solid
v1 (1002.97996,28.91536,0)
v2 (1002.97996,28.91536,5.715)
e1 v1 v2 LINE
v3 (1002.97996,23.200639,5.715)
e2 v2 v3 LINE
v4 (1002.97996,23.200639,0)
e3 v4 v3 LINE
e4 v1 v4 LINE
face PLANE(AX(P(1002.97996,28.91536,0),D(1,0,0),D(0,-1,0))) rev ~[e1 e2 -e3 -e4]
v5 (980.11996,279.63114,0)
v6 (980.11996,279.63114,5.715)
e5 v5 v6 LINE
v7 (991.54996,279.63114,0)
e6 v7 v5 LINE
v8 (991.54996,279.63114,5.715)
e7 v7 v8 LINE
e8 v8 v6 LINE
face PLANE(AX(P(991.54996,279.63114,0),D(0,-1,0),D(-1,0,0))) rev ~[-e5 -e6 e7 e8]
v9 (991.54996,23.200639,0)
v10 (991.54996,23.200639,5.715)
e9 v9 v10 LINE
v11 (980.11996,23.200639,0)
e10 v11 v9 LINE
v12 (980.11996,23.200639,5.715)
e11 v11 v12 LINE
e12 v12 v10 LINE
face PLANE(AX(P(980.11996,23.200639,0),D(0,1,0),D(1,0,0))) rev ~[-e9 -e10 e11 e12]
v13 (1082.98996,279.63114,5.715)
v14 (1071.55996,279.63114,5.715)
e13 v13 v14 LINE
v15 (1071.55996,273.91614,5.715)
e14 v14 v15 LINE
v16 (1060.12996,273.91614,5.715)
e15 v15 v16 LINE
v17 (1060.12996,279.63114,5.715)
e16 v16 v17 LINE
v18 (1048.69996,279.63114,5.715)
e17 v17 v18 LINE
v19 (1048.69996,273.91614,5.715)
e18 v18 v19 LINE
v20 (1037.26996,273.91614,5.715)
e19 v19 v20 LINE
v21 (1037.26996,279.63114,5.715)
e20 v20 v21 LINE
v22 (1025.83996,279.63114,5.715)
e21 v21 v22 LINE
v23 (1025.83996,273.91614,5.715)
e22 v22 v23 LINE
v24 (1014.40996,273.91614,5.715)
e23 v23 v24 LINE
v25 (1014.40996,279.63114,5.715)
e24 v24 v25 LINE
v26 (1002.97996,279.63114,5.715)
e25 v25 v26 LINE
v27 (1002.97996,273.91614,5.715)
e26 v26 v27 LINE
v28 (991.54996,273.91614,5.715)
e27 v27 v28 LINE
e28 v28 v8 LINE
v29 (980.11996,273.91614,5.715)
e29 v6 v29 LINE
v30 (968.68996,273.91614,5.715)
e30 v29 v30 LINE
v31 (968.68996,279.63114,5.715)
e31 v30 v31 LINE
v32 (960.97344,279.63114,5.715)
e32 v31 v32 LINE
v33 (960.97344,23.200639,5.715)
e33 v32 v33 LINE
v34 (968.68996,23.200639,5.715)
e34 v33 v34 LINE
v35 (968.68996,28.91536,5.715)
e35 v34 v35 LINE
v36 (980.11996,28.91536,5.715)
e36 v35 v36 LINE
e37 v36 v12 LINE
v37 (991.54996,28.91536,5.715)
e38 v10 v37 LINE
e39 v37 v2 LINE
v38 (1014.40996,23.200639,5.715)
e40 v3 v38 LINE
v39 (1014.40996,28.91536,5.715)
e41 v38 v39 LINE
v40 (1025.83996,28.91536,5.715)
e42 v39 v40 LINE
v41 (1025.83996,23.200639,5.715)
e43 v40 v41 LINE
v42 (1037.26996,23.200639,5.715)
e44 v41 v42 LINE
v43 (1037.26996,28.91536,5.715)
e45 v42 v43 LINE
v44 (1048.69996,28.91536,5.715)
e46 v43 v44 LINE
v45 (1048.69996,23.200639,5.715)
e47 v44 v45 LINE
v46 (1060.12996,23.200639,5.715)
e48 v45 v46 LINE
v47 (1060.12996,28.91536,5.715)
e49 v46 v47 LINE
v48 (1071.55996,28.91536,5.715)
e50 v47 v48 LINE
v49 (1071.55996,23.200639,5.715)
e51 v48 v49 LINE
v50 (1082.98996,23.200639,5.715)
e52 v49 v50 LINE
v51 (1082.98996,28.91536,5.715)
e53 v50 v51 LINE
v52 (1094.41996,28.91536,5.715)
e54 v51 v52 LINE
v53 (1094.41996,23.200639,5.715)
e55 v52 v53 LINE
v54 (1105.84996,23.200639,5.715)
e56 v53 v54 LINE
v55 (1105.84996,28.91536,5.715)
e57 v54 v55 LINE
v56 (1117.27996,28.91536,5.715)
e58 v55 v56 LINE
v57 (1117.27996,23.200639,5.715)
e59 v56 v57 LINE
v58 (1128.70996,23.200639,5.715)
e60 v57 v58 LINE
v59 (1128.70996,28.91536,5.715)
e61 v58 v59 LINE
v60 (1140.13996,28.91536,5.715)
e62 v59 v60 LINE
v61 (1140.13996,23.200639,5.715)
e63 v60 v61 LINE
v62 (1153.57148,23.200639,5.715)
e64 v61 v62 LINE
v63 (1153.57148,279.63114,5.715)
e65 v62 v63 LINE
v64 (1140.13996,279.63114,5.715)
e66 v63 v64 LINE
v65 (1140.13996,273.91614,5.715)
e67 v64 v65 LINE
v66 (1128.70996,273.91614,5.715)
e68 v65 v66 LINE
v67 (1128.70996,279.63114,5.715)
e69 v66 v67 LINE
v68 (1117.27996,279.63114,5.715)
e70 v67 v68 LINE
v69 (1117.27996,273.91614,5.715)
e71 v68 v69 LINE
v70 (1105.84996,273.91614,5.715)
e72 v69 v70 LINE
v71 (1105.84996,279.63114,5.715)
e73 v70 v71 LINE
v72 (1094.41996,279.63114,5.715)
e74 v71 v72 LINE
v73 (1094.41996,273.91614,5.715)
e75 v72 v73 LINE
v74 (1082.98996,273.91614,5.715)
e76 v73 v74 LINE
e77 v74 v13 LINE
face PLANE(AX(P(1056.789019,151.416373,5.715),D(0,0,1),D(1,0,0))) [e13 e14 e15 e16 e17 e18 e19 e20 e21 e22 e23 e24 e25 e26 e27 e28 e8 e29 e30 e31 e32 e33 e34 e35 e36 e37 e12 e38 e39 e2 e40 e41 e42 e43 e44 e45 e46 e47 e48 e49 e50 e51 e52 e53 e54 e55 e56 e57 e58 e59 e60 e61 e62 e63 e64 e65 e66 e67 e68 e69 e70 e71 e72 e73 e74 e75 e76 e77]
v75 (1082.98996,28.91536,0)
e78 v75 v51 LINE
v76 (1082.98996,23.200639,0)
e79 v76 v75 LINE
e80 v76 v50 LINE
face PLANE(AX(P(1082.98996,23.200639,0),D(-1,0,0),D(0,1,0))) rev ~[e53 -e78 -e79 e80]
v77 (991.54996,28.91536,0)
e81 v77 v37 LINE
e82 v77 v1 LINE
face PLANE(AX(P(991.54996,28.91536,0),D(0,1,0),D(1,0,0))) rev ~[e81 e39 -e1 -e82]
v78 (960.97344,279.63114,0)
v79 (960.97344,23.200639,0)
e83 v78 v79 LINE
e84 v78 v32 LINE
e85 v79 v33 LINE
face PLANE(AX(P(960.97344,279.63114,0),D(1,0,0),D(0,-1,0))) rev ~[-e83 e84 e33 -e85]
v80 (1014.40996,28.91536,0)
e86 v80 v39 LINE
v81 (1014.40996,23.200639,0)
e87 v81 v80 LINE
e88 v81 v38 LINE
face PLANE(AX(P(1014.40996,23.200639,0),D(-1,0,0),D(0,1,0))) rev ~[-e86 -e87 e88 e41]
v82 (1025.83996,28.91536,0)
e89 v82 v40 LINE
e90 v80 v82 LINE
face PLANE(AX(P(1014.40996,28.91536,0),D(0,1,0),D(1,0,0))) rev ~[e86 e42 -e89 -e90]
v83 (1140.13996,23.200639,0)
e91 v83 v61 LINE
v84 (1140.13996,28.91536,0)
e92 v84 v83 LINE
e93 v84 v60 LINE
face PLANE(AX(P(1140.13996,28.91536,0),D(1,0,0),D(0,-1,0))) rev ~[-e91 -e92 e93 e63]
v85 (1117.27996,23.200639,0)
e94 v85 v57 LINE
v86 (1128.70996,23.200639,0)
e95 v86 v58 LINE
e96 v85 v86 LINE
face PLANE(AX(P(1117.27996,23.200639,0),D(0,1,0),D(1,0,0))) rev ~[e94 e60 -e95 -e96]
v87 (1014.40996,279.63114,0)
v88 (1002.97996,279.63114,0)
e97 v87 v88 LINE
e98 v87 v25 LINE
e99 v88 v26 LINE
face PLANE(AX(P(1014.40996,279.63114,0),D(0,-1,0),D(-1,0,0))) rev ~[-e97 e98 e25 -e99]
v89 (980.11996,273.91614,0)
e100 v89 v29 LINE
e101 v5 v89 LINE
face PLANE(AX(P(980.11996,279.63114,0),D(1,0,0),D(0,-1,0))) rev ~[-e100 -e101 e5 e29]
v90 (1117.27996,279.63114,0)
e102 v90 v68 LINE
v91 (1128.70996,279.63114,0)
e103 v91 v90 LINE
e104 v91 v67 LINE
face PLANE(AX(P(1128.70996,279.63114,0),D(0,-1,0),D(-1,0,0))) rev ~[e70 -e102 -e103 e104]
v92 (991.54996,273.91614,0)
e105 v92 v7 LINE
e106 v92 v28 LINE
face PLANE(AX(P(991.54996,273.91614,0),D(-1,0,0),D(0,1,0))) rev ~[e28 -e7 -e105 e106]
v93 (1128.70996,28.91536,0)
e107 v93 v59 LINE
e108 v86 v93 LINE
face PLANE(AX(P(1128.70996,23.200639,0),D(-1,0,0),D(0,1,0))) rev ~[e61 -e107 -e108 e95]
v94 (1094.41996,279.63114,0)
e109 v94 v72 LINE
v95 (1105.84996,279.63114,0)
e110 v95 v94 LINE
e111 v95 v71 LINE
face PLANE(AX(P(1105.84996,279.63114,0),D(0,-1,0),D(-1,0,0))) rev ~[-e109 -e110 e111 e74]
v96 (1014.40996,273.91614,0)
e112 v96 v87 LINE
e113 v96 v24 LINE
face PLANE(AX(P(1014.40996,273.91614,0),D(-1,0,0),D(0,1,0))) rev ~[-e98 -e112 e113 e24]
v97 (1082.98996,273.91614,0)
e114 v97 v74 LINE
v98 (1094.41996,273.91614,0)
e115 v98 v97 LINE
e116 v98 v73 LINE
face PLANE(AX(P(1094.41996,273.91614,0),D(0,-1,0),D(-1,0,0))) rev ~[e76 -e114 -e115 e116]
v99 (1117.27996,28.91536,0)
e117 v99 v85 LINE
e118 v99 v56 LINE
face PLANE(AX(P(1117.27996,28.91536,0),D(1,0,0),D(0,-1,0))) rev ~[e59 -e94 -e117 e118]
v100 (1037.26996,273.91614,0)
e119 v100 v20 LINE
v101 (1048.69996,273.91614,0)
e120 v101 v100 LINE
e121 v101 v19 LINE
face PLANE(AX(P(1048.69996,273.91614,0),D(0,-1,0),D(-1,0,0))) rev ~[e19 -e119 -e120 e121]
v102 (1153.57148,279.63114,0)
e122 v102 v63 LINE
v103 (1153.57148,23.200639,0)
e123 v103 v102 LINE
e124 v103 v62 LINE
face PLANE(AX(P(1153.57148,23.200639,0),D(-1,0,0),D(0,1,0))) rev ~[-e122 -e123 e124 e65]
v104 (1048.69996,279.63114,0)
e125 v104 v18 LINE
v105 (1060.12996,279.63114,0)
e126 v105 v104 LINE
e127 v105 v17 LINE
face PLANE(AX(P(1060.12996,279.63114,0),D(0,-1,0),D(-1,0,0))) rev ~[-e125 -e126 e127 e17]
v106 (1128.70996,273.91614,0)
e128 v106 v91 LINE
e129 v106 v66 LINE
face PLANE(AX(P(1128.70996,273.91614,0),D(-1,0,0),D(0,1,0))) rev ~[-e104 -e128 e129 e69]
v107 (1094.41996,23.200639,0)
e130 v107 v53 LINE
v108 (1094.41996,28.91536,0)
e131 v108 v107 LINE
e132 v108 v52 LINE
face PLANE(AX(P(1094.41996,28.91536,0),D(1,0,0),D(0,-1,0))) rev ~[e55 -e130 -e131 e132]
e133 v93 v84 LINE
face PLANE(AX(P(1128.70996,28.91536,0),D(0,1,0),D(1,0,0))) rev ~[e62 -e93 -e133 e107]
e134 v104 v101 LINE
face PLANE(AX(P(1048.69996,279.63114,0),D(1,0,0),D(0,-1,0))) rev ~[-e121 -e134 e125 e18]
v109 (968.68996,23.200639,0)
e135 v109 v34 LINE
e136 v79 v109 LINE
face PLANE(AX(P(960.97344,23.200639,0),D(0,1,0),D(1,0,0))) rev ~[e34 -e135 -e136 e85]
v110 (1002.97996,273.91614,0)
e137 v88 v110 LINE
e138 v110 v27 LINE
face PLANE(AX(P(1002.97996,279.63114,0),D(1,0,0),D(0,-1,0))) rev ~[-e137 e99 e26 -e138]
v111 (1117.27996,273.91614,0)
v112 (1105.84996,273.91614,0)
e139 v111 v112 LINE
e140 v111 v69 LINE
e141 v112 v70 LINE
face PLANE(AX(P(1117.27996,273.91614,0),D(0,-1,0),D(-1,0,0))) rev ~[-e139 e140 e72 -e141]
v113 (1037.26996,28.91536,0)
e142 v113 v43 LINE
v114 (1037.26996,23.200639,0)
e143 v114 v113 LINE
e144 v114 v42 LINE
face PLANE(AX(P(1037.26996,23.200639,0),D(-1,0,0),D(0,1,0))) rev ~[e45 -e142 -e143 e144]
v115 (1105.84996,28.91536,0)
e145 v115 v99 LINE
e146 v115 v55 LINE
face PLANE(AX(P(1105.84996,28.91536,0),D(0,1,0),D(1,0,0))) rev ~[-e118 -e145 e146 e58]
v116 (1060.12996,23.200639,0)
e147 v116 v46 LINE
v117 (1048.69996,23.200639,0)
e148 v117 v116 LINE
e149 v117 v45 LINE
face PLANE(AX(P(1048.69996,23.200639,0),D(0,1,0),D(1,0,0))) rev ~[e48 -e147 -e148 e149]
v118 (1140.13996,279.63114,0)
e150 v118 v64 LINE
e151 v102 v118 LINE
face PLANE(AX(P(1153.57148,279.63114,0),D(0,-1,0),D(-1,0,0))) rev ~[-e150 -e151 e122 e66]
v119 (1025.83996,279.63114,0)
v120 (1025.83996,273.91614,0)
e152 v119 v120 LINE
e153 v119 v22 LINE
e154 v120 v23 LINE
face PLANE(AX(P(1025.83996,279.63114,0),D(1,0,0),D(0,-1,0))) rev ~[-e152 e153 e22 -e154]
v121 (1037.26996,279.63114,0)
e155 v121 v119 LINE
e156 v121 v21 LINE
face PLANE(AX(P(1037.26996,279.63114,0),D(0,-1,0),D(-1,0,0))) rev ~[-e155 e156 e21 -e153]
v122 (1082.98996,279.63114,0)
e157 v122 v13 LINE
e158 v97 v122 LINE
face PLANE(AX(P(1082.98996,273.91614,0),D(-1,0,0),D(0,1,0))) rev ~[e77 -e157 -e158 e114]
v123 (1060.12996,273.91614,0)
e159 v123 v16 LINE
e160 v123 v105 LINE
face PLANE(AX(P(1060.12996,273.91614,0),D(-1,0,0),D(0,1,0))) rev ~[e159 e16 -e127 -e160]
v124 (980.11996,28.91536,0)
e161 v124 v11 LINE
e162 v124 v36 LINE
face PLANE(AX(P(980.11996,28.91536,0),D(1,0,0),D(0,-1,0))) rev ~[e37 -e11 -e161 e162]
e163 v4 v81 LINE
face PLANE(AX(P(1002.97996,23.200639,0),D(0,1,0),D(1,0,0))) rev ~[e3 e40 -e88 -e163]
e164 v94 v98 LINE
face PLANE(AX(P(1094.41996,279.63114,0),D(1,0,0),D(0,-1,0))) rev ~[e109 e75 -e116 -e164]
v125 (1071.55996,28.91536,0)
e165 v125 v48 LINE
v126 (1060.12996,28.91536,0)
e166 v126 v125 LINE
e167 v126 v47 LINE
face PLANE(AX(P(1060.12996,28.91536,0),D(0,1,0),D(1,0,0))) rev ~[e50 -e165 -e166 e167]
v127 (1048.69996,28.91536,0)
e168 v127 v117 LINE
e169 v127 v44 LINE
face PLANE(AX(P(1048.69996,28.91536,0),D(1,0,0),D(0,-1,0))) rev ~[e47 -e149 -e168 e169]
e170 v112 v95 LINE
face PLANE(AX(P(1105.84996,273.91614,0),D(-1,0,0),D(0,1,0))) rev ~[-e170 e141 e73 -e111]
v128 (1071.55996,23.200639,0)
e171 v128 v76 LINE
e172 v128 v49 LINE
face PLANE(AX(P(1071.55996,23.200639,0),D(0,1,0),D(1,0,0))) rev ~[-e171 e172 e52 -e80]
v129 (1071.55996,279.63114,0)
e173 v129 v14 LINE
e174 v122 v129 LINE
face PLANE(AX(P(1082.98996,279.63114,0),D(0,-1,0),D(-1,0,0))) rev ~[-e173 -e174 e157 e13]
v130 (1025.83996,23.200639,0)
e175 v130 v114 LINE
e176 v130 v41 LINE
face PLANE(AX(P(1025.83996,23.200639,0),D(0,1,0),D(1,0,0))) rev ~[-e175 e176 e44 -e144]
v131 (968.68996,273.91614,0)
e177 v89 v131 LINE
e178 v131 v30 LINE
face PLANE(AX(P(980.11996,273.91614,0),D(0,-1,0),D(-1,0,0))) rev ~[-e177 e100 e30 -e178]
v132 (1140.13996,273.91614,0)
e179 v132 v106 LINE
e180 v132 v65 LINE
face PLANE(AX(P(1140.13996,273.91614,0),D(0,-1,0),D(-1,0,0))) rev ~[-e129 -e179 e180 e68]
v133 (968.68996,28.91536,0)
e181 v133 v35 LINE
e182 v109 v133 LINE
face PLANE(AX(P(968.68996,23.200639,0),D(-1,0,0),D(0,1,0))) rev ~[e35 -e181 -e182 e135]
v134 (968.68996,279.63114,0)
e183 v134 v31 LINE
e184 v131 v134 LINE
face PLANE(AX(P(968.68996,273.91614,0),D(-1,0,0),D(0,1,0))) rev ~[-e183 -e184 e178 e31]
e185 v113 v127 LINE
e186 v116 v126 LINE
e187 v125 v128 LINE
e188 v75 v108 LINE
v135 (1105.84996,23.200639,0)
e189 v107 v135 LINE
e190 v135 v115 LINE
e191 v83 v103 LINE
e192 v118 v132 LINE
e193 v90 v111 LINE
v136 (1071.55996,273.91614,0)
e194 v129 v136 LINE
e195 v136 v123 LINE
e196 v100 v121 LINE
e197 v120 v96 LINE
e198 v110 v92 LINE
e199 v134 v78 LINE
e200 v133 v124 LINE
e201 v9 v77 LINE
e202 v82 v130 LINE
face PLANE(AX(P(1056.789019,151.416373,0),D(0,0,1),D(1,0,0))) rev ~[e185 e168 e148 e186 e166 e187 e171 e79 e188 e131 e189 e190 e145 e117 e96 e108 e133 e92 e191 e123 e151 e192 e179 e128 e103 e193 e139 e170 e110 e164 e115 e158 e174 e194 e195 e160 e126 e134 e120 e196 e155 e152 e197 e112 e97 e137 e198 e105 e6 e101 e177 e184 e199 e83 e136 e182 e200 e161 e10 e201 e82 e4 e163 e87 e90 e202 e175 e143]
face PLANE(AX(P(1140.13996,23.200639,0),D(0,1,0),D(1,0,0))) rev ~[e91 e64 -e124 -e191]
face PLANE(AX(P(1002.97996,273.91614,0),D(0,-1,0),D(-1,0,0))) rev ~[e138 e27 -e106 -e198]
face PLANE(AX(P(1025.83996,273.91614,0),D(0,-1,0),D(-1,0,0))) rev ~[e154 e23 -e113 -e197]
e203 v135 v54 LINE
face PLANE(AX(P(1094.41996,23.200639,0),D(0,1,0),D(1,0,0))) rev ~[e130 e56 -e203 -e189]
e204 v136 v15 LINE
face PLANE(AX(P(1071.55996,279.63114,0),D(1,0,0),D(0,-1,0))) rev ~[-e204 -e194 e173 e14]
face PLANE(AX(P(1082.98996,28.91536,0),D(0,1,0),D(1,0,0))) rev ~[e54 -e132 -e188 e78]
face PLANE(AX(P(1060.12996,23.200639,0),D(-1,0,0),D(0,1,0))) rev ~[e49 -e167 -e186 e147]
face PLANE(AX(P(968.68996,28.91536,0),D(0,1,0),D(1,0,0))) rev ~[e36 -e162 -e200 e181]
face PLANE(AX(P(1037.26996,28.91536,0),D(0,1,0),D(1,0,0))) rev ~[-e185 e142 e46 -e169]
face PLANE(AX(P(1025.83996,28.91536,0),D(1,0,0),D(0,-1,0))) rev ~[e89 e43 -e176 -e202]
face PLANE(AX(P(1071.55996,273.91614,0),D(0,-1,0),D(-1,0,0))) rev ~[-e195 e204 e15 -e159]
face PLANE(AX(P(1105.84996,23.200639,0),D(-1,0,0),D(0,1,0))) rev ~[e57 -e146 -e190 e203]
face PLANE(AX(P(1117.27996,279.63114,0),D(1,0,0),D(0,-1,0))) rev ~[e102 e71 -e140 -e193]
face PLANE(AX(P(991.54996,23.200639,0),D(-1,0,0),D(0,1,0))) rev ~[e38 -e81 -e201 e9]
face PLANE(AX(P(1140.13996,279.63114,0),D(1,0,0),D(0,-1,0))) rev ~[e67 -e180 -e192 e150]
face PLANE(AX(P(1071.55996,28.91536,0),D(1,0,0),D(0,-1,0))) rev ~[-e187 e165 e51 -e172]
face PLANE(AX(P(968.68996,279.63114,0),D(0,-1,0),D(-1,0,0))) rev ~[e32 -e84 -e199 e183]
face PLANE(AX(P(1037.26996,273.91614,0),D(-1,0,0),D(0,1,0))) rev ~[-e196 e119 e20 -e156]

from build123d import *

# Parameters (mm, degrees)
BOSS_EXTRUDE1_DEPTH = 5.715


with BuildPart() as part:
    # Model → Boss-Extrude1 (new body)
    with BuildSketch(Plane.XY):
        Polygon((960.97344, 23.2006394), (968.68996, 23.2006394), (968.68996, 28.91536), (980.11996, 28.91536), (980.11996, 23.2006394), (991.54996, 23.2006394), (991.54996, 28.91536), (1002.97996, 28.91536), (1002.97996, 23.2006394), (1014.40996, 23.2006394), (1014.40996, 28.91536), (1025.83996, 28.91536), (1025.83996, 23.2006394), (1037.26996, 23.2006394), (1037.26996, 28.91536), (1048.69996, 28.91536), (1048.69996, 23.2006394), (1060.12996, 23.2006394), (1060.12996, 28.91536), (1071.55996, 28.91536), (1071.55996, 23.2006394), (1082.98996, 23.2006394), (1082.98996, 28.91536), (1094.41996, 28.91536), (1094.41996, 23.2006394), (1105.84996, 23.2006394), (1105.84996, 28.91536), (1117.27996, 28.91536), (1117.27996, 23.2006394), (1128.70996, 23.2006394), (1128.70996, 28.91536), (1140.13996, 28.91536), (1140.13996, 23.2006394), (1153.57148, 23.2006394), (1153.57148, 279.63114), (1140.13996, 279.63114), (1140.13996, 273.91614), (1128.70996, 273.91614), (1128.70996, 279.63114), (1117.27996, 279.63114), (1117.27996, 273.91614), (1105.84996, 273.91614), (1105.84996, 279.63114), (1094.41996, 279.63114), (1094.41996, 273.91614), (1082.98996, 273.91614), (1082.98996, 279.63114), (1071.55996, 279.63114), (1071.55996, 273.91614), (1060.12996, 273.91614), (1060.12996, 279.63114), (1048.69996, 279.63114), (1048.69996, 273.91614), (1037.26996, 273.91614), (1037.26996, 279.63114), (1025.83996, 279.63114), (1025.83996, 273.91614), (1014.40996, 273.91614), (1014.40996, 279.63114), (1002.97996, 279.63114), (1002.97996, 273.91614), (991.54996, 273.91614), (991.54996, 279.63114), (980.11996, 279.63114), (980.11996, 273.91614), (968.68996, 273.91614), (968.68996, 279.63114), (960.97344, 279.63114), align=None)
    extrude(amount=BOSS_EXTRUDE1_DEPTH)


solid = part.part
